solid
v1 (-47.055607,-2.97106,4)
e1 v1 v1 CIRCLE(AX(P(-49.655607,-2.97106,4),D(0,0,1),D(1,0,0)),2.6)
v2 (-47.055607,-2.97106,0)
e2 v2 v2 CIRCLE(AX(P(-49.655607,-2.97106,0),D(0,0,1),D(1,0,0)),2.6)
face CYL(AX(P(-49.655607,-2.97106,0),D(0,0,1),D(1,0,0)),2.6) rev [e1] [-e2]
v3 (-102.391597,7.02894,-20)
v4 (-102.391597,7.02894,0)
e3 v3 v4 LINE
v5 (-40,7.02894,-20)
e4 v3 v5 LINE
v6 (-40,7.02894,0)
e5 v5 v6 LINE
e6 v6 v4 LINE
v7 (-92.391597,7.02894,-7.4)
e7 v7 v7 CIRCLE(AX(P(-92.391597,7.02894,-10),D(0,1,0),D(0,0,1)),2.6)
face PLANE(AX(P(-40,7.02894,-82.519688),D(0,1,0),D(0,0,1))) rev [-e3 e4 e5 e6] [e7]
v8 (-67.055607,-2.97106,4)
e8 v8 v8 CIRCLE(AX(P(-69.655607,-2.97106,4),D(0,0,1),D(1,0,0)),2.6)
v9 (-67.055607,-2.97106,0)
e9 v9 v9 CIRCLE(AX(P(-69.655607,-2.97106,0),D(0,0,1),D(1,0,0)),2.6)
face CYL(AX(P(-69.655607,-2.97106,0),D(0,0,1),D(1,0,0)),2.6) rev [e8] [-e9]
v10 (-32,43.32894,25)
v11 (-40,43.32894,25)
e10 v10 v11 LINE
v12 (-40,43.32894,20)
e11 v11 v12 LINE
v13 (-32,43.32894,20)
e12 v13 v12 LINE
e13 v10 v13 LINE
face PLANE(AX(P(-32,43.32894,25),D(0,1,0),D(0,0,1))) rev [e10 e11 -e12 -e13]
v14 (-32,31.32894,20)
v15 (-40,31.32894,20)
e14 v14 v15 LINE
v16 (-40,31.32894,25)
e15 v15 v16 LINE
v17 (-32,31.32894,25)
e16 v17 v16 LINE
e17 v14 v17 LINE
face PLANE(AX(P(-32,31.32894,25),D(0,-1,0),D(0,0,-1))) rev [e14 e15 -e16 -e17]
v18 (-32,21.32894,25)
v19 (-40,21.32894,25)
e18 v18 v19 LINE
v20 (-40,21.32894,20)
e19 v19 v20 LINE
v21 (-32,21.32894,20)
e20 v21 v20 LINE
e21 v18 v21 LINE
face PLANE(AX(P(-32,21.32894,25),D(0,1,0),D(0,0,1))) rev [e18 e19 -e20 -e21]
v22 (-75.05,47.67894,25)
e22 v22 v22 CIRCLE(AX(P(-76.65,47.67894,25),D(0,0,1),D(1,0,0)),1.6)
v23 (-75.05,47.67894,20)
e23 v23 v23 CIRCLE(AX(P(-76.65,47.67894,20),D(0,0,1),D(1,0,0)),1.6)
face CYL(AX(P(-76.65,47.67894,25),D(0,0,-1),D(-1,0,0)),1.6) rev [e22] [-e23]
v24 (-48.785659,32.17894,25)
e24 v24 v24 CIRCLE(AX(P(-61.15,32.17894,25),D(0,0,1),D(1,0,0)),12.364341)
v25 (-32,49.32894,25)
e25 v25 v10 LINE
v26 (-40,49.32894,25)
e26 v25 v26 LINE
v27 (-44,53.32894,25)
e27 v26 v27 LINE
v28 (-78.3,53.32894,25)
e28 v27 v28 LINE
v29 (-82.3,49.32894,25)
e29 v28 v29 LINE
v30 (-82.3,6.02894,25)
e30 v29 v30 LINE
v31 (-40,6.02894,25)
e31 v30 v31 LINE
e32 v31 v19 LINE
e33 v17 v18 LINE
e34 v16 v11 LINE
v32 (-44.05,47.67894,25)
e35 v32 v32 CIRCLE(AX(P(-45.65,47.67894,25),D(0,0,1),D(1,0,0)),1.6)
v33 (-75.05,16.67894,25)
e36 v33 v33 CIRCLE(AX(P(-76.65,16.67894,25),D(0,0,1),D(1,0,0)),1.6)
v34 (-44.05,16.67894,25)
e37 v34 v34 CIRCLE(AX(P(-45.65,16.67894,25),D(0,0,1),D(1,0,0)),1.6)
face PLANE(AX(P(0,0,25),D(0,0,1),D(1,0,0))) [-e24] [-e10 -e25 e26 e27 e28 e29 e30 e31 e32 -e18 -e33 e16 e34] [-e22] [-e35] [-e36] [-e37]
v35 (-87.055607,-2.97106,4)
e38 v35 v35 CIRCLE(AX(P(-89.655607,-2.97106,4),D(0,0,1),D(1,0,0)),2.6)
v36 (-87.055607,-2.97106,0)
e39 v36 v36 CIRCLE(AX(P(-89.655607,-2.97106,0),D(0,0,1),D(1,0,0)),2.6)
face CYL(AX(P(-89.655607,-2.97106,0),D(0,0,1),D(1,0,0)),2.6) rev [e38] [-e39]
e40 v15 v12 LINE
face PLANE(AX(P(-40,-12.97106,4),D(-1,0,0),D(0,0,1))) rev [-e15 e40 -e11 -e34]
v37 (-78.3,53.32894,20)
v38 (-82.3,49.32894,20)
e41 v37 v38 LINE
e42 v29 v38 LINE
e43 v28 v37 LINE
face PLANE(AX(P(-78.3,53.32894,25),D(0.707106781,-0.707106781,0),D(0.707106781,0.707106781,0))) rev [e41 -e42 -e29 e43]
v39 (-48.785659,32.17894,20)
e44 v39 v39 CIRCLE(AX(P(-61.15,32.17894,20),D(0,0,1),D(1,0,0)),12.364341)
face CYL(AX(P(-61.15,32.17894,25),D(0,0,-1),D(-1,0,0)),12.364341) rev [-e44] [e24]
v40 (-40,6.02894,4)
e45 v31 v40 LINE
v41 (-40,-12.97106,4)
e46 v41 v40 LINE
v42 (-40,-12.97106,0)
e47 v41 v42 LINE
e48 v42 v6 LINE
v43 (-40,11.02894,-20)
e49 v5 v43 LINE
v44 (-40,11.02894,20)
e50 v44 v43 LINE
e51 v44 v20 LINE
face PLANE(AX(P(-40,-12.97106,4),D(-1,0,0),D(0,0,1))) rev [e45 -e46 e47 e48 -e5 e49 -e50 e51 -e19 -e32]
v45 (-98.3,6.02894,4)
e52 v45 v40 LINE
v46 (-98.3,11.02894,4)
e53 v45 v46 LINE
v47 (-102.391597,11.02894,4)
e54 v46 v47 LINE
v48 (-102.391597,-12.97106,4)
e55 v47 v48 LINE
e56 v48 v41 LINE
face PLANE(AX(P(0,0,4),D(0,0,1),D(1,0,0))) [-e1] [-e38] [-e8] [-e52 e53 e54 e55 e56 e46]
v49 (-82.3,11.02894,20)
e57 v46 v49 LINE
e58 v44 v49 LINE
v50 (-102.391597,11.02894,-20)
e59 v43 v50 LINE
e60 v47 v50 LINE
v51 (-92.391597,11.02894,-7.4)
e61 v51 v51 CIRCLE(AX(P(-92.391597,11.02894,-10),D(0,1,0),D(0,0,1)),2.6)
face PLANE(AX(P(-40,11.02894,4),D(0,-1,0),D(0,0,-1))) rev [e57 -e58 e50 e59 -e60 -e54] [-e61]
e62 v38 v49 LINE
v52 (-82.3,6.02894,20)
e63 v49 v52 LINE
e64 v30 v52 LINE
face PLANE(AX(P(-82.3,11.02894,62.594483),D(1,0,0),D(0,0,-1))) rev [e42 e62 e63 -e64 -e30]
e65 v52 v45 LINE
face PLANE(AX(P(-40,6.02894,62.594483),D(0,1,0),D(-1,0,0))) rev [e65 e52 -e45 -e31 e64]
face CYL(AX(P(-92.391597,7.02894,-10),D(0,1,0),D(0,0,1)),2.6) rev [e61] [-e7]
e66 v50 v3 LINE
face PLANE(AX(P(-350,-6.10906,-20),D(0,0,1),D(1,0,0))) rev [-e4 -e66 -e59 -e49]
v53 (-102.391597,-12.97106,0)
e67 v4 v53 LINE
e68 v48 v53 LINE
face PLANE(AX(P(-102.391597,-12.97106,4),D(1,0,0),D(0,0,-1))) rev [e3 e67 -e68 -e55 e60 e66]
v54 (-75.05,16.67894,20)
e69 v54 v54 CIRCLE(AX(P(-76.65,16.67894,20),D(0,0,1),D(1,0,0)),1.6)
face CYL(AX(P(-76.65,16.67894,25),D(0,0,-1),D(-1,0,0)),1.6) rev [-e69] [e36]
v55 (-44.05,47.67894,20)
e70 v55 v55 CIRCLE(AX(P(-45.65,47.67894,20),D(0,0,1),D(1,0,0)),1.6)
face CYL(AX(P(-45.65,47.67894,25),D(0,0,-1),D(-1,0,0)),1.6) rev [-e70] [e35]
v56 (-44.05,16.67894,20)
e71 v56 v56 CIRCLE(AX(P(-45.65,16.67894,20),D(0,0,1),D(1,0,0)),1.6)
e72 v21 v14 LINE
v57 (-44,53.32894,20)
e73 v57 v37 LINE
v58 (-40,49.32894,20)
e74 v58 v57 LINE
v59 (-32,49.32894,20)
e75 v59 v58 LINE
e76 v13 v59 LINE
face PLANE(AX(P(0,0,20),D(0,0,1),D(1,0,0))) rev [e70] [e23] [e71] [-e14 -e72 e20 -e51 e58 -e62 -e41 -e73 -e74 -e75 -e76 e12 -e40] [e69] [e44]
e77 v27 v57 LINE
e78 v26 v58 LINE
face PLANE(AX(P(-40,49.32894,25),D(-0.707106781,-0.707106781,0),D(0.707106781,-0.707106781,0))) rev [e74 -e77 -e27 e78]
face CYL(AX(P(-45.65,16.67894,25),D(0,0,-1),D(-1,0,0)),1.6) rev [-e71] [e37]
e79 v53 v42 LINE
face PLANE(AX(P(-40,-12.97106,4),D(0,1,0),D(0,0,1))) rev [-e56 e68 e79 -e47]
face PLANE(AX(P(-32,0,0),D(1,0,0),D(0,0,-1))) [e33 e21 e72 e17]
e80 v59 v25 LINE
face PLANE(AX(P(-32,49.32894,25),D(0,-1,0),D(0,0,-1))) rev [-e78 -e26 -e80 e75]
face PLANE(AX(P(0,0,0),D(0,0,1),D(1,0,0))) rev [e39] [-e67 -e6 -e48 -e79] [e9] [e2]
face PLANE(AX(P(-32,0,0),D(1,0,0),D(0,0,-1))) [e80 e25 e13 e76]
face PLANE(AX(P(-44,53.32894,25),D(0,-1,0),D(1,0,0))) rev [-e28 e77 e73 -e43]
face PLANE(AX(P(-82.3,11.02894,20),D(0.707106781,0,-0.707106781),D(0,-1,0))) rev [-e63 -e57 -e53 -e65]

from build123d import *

# Parameters (mm, degrees)
SKICA1_W                 = 62.391596743
SKICA1_H                 = 24
P_IDAT_VYSUNUT_M1_DEPTH  = 4
SKICA2_W                 = 42.3
SKICA2_H                 = 5
P_IDAT_VYSUNUT_M2_DEPTH  = 16
SKICA3_R                 = 1.6
SKICA3_R_2               = 12.36434098
P_IDAT_VYSUNUT_M5_DEPTH  = 5
ZKOSEN_1_SIZE            = 16
SKICA4_R                 = 2.6
ODEBRAT_VYSUNUT_M1_DEPTH = 4
SKICA5_W                 = 62.391596743
SKICA5_H                 = 4
P_IDAT_VYSUNUT_M6_DEPTH  = 20
SKICA6_R                 = 2.6
ODEBRAT_VYSUNUT_M2_DEPTH = 4
SKICA7_W                 = 5
SKICA7_H                 = 6
SKICA7_H_2               = 10
P_IDAT_VYSUNUT_M7_DEPTH  = 8


with BuildPart() as part:
    # Skica1 → Přidat vysunutím1 (new body)
    with BuildSketch(Plane.XY):
        with Locations((-71.195798372, -0.971059771)):
            Rectangle(SKICA1_W, SKICA1_H)
    extrude(amount=P_IDAT_VYSUNUT_M1_DEPTH)

    # Skica2 → Přidat vysunutím2 (add)
    with BuildSketch(Plane.XY.offset(4)):
        with Locations((-61.15, 8.528940229)):
            Rectangle(SKICA2_W, SKICA2_H)
    extrude(amount=P_IDAT_VYSUNUT_M2_DEPTH)

    # Skica3 → Přidat vysunutím5 (add)
    with BuildSketch(Plane.XY.offset(20)):
        Polygon((-40, 6.028940229), (-82.3, 6.028940229), (-82.3, 49.328940229), (-78.3, 53.328940229), (-44, 53.328940229), (-40, 49.328940229), align=None)
        with Locations((-45.65, 47.678940229)):
            Circle(SKICA3_R, mode=Mode.SUBTRACT)
        with Locations((-76.65, 47.678940229)):
            Circle(SKICA3_R, mode=Mode.SUBTRACT)
        with Locations((-76.65, 16.678940229)):
            Circle(SKICA3_R, mode=Mode.SUBTRACT)
        with Locations((-45.65, 16.678940229)):
            Circle(SKICA3_R, mode=Mode.SUBTRACT)
        with Locations((-61.15, 32.178940229)):
            Circle(SKICA3_R_2, mode=Mode.SUBTRACT)
    extrude(amount=P_IDAT_VYSUNUT_M5_DEPTH)

    # Zkosení1
    zkosen_1_edges = [part.edges().sort_by_distance(p)[0] for p in [
        (-82.3, 8.528940229, 4),
    ]]
    chamfer(zkosen_1_edges, length=ZKOSEN_1_SIZE)

    # Skica4 → Odebrat vysunutím1 (cut)
    with BuildSketch(Plane.XY.offset(4)):
        with Locations((-89.655606689, -2.971059771)):
            Circle(SKICA4_R)
        with Locations((-69.655606689, -2.971059771)):
            Circle(SKICA4_R)
        with Locations((-49.655606689, -2.971059771)):
            Circle(SKICA4_R)
    extrude(amount=-ODEBRAT_VYSUNUT_M1_DEPTH, mode=Mode.SUBTRACT)

    # Skica5 → Přidat vysunutím6 (add)
    with BuildSketch(Plane(origin=(0, 0, 0), x_dir=(-1, 0, 0), z_dir=(0, 0, -1))):
        with Locations((71.195798372, 9.028940229)):
            Rectangle(SKICA5_W, SKICA5_H)
    extrude(amount=P_IDAT_VYSUNUT_M6_DEPTH)

    # Skica6 → Odebrat vysunutím2 (cut)
    with BuildSketch(Plane(origin=(0, 11.028940229, 0), x_dir=(1, 0, 0), z_dir=(0, 1, 0))):
        with Locations(Location((-92.391596743, 10, 0), (0, 0, 270))):
            Circle(SKICA6_R)
    extrude(amount=-ODEBRAT_VYSUNUT_M2_DEPTH, mode=Mode.SUBTRACT)

    # Skica7 → Přidat vysunutím7 (add)
    with BuildSketch(Plane(origin=(-40, 0, 0), x_dir=(0, 0, -1), z_dir=(1, 0, 0))):
        with Locations((-22.5, 46.328940229)):
            Rectangle(SKICA7_W, SKICA7_H)
        with Locations((-22.5, 26.328940229)):
            Rectangle(SKICA7_W, SKICA7_H_2)
    extrude(amount=P_IDAT_VYSUNUT_M7_DEPTH)


solid = part.part
